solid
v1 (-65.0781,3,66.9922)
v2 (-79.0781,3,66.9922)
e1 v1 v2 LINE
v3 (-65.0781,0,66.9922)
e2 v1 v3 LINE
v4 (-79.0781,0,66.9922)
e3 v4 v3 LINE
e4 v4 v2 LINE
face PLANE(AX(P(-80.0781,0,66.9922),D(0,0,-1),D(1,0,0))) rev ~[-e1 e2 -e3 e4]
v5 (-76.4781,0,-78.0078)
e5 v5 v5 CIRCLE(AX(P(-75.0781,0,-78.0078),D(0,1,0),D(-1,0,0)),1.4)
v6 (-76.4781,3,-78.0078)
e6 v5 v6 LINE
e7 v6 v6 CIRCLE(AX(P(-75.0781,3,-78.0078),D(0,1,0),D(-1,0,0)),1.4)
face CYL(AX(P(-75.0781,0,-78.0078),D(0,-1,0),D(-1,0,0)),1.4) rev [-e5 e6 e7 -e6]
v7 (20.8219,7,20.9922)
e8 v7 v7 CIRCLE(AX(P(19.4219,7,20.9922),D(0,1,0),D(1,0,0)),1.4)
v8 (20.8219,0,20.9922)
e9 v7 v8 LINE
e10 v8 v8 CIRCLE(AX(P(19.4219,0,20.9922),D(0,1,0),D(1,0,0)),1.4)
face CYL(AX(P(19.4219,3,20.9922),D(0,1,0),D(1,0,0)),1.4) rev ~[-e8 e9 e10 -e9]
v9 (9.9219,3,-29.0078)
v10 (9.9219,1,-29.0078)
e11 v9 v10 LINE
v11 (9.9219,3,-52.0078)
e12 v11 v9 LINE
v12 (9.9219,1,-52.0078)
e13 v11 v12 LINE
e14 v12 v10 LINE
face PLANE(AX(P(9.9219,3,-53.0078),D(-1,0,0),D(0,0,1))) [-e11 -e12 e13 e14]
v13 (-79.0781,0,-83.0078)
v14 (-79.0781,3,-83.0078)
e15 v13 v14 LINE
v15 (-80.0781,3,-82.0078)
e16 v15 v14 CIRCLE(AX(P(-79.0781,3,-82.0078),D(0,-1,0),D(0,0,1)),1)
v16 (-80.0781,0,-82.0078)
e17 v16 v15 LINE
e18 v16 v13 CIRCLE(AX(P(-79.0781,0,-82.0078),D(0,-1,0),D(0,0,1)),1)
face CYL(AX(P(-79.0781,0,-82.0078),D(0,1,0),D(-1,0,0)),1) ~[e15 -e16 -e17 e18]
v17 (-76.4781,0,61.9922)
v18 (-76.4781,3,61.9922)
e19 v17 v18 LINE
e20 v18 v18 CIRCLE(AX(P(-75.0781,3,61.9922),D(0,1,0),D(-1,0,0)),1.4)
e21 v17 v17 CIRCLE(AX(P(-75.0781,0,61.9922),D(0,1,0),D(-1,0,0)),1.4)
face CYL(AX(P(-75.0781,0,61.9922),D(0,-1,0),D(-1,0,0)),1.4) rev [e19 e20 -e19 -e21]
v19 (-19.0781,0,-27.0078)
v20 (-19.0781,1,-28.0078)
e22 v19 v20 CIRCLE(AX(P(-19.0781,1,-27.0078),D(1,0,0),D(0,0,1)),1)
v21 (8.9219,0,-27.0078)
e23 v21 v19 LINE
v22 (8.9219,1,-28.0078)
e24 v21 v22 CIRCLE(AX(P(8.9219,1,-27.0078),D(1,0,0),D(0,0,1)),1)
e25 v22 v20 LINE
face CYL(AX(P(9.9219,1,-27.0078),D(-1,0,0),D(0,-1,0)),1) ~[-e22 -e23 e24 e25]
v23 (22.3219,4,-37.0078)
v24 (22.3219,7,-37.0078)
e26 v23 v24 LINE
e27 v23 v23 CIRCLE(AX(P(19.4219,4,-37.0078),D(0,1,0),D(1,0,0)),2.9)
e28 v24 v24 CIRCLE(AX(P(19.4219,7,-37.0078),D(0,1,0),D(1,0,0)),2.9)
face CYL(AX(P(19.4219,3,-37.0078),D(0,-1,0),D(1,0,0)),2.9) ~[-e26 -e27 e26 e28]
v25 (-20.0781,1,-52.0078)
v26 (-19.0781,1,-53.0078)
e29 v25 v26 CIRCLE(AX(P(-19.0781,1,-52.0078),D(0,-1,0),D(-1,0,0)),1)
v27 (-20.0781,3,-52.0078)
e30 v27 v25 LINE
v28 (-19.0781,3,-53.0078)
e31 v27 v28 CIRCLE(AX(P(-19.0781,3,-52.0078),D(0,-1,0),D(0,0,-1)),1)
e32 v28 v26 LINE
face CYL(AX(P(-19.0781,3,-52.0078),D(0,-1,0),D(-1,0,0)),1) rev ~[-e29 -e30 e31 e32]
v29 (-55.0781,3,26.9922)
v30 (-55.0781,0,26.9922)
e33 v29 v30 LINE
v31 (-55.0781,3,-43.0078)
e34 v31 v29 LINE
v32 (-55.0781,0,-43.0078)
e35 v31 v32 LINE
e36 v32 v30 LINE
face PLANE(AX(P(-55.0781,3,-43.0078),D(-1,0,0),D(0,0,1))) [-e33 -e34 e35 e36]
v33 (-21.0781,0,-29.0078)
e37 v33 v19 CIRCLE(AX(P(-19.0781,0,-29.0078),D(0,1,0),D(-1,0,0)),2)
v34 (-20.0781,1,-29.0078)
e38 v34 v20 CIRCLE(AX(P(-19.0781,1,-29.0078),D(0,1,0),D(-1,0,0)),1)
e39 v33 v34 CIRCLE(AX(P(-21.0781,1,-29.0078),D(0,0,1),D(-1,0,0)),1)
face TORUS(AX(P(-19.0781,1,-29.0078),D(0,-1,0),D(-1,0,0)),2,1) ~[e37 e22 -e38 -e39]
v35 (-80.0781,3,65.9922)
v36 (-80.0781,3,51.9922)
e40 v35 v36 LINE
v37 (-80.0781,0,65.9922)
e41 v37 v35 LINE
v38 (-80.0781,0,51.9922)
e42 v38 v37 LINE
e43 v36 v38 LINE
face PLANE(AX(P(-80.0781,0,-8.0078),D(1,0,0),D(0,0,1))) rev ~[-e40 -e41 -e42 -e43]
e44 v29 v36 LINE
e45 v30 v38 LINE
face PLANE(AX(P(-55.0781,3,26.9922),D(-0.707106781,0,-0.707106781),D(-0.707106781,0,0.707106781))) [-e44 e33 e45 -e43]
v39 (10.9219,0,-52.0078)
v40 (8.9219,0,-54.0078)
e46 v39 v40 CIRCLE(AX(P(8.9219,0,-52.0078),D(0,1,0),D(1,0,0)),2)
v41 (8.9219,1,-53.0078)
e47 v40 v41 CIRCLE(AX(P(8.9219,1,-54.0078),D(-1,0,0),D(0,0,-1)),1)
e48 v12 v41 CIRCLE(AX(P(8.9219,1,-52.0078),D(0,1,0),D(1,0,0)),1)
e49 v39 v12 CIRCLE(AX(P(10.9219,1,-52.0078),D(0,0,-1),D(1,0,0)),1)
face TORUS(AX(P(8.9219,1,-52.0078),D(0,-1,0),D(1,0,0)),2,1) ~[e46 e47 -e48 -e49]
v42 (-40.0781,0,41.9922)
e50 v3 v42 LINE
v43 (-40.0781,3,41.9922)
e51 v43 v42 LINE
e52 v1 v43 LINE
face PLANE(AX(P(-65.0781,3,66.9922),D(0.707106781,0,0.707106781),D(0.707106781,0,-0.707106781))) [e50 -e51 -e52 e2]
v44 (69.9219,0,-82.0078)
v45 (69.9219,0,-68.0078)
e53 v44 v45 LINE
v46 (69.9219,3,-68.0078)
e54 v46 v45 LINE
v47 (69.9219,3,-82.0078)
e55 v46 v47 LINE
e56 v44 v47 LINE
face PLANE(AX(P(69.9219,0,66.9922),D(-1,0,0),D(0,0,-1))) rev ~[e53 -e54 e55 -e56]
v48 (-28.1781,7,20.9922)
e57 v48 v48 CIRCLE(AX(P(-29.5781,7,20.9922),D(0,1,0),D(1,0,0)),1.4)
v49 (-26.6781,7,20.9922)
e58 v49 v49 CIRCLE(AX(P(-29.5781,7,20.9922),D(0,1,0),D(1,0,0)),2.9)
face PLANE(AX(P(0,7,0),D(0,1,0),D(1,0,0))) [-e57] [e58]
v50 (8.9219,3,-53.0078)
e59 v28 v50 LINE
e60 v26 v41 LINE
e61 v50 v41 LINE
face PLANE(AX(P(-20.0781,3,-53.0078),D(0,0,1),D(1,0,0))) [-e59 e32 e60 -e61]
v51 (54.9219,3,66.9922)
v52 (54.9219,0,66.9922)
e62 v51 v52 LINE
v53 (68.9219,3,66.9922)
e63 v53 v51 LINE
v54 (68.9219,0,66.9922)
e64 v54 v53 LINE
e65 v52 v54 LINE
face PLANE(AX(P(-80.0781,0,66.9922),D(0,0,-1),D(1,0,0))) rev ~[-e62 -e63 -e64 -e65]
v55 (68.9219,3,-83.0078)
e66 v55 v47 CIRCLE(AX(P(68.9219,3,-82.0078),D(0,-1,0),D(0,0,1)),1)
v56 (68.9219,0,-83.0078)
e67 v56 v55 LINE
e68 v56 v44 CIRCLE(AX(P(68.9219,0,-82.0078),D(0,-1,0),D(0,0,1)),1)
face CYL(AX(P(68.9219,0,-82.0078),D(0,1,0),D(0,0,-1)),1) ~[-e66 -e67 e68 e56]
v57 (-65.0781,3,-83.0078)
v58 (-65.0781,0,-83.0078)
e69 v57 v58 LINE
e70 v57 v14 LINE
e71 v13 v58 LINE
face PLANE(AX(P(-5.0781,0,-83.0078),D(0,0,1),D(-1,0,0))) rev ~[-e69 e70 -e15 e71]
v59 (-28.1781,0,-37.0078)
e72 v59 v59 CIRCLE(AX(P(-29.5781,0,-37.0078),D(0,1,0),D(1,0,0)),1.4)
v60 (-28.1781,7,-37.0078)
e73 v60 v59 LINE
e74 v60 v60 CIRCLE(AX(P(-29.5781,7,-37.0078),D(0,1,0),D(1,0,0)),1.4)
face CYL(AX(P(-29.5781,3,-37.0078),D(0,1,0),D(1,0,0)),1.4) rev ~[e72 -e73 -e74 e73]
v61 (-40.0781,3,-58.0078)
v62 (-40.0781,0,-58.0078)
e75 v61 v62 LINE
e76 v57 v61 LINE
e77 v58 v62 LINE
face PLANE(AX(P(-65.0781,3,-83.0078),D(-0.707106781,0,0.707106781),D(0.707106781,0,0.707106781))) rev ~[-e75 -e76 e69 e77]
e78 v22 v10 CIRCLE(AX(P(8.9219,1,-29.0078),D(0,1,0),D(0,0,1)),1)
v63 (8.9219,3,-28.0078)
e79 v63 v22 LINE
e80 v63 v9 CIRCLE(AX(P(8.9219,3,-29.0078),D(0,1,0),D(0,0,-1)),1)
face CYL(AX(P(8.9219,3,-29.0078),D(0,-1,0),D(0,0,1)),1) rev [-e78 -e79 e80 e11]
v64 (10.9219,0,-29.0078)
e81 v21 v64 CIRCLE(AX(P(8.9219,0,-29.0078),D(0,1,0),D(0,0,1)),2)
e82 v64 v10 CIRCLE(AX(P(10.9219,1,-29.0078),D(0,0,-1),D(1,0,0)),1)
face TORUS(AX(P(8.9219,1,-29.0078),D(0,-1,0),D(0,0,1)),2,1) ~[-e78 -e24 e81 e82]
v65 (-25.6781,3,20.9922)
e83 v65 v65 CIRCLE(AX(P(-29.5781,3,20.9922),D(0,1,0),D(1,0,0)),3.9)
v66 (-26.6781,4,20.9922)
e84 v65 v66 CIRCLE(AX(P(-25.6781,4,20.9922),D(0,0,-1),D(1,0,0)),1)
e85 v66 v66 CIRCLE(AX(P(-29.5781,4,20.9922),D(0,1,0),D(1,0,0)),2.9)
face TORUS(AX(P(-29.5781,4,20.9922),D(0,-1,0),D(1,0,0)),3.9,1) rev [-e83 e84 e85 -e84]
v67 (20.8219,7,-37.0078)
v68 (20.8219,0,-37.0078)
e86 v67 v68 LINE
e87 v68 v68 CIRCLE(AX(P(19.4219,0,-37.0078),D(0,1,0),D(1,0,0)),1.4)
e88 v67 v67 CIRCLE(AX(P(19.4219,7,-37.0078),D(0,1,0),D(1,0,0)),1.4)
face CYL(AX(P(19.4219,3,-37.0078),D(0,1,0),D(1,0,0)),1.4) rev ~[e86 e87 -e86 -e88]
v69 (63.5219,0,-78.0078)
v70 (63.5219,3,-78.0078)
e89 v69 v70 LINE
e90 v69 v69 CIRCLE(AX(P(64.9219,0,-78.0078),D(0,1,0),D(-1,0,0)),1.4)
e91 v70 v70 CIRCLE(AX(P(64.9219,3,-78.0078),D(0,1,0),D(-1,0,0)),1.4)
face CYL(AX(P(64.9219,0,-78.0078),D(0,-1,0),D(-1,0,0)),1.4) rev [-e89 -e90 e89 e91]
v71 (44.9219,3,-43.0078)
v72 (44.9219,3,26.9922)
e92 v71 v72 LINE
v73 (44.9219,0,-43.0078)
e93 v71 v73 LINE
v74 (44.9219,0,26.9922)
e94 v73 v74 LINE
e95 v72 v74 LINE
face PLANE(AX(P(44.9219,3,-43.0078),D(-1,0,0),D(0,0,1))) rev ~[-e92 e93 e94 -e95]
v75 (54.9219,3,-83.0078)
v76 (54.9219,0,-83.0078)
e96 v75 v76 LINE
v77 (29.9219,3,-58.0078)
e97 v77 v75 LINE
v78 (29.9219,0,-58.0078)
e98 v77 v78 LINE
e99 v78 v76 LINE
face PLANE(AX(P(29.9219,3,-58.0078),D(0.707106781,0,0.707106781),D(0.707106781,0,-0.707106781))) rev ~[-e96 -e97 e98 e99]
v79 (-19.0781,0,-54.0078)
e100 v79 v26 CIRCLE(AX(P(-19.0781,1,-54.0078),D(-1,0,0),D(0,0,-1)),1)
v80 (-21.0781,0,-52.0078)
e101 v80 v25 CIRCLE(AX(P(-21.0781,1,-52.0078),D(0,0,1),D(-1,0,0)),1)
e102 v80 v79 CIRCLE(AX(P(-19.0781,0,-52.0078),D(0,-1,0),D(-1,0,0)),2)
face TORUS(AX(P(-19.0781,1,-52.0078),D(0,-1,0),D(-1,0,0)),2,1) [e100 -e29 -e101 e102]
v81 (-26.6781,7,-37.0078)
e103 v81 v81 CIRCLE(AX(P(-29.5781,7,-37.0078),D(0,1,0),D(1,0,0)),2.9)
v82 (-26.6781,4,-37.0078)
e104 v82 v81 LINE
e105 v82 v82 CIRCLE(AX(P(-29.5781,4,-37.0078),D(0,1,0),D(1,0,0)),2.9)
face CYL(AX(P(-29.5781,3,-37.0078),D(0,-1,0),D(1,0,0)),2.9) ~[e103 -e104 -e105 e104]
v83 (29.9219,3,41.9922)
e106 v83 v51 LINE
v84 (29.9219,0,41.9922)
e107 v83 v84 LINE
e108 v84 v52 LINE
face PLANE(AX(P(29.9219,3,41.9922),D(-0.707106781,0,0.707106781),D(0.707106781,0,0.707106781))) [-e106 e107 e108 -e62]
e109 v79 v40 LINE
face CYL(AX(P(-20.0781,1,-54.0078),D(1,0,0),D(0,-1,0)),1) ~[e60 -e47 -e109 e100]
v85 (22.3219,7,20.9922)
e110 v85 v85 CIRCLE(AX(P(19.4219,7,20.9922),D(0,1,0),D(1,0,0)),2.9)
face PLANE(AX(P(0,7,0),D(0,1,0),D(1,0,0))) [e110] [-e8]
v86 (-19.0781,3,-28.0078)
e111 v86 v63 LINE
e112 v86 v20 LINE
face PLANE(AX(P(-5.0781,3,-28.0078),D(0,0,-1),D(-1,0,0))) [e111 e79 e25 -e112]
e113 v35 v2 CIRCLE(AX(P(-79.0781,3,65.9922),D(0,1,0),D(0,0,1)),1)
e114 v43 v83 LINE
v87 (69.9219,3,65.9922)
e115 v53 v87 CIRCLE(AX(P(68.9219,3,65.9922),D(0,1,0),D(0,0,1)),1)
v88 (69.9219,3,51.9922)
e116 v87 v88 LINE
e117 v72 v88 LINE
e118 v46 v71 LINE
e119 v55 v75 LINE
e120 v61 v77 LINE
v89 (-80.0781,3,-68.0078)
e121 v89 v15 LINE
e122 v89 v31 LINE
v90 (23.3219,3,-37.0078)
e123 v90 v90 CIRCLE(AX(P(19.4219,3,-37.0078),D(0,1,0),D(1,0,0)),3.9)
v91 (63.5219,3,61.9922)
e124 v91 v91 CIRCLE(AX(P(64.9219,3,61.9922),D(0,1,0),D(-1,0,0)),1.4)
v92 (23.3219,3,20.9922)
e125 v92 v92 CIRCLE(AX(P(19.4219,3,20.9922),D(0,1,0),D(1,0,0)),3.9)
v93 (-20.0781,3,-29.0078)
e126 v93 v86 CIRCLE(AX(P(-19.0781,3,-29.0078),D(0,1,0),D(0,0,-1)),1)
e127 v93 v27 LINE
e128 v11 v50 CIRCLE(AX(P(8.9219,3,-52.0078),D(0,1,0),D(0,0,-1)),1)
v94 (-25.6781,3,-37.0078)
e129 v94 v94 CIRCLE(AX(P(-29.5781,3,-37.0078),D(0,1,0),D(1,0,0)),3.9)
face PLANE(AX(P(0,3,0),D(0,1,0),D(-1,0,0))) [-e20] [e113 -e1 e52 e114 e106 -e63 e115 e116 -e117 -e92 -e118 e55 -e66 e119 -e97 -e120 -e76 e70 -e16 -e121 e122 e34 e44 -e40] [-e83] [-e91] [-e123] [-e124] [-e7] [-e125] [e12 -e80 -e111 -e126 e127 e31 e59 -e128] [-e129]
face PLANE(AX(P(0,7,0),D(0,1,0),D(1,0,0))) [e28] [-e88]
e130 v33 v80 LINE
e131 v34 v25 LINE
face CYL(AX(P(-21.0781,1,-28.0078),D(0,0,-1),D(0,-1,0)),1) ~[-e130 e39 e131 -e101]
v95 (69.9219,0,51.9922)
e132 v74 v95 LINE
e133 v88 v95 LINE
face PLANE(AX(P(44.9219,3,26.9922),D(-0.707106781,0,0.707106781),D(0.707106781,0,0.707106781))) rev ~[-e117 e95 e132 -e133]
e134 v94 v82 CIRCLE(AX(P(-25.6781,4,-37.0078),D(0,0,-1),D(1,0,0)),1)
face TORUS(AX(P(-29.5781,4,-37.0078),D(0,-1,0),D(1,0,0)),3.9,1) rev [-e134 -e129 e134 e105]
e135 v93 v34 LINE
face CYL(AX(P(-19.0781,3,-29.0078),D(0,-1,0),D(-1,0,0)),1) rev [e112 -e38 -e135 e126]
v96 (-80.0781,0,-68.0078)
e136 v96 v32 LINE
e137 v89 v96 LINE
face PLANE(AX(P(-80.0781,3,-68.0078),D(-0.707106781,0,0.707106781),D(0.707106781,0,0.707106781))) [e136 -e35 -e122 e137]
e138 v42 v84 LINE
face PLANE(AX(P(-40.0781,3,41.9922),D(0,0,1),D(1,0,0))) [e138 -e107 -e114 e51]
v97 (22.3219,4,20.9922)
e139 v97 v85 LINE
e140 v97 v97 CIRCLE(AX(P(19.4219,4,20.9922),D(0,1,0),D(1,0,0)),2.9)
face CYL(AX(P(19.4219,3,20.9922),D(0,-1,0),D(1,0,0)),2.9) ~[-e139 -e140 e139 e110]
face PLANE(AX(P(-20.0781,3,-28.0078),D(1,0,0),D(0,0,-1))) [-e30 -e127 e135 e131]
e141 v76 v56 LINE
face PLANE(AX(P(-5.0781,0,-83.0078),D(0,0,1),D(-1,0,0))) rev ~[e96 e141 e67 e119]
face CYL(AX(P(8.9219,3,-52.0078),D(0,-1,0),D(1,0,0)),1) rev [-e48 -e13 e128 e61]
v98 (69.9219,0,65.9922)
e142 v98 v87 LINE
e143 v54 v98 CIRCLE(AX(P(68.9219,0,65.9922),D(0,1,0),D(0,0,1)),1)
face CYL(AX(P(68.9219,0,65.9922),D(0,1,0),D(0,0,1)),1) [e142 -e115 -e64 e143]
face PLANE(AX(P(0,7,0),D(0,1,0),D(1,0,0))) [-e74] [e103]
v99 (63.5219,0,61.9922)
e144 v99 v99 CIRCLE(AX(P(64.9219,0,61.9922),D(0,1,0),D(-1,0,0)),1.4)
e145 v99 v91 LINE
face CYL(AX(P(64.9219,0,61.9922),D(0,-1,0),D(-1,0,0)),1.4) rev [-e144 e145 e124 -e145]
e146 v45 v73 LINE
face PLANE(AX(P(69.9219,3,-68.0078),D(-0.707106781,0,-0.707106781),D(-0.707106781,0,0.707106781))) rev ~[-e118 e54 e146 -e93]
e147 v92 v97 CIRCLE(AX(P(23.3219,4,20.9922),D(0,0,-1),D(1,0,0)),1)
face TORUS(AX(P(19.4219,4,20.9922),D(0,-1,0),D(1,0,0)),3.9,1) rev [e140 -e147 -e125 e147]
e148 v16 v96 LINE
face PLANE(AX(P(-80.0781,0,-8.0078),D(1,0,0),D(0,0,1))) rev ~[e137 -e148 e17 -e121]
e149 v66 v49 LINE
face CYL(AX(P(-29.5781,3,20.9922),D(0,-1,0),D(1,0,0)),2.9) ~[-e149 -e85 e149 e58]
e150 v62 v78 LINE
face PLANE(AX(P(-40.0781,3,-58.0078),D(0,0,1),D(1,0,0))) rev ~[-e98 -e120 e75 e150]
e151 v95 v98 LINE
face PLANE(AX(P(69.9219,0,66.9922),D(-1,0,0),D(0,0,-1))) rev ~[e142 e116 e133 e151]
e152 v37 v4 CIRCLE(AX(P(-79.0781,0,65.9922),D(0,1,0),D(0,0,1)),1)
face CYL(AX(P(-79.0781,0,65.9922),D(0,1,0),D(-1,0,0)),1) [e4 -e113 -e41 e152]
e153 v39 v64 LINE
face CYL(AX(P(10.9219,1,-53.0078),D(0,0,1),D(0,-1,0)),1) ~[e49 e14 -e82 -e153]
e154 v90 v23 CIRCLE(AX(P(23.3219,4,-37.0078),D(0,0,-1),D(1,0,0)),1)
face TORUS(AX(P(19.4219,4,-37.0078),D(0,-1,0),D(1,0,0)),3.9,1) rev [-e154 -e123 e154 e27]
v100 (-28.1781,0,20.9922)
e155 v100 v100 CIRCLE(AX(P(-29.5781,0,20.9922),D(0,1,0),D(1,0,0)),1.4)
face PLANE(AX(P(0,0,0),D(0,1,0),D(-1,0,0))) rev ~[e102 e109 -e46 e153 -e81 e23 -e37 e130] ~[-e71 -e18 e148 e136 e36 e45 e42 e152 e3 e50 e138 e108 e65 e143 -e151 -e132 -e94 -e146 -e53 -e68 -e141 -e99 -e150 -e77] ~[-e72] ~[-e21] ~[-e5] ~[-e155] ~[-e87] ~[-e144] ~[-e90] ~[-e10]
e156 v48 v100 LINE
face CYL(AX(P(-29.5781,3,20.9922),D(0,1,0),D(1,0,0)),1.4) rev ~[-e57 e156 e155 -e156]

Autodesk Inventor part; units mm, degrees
ref_plane "YZ Plane" through (0, 0, 0) normal (1, 0, 0) x (0, 1, 0)
ref_plane "XZ Plane" through (0, 0, 0) normal (0, 1, 0) x (-1, 0, 0)
ref_plane "XY Plane" through (0, 0, 0) normal (0, 0, 1) x (1, 0, 0)
sketch "Sketch1" plane through (0, 0, 0) normal (0, 1, 0) x (-1, 0, 0)
  line L0 (80.0781, 66.9922) -> (-69.9219, 66.9922)
  line L1 (-69.9219, 66.9922) -> (-69.9219, -83.0078)
  line L2 (-69.9219, -83.0078) -> (80.0781, -83.0078)
  line L3 (80.0781, -83.0078) -> (80.0781, 66.9922)
  circle A0 centre (75.0781, -78.0078) radius 1.4
  line L4 (80.0781, -8.0078) -> (-69.9219, -8.0078)
  line L5 (5.0781, -83.0078) -> (5.0781, 66.9922)
  circle A1 centre (-64.9219, -78.0078) radius 1.4
  line L6 (-69.9219, -8.0078) -> (80.0781, -8.0078)
  circle A2 centre (75.0781, 61.9922) radius 1.4
  circle A3 centre (-64.9219, 61.9922) radius 1.4
  point P0 (0, 0)
  dimension "d0" = 150
  dimension "d1" = 150
  dimension "d4" = 2.8
  dimension "d8" = 5
  dimension "d9" = 5
extrude "Extrusion1" add sketch "Sketch1" along normal blind 3
sketch "Sketch2" plane through (0, 3, 0) normal (0, 1, 0) x (1, 0, 0)
  line L0 (-29.5781, 37.0078) -> (19.4219, 37.0078)
  line L1 (19.4219, 37.0078) -> (19.4219, -20.9922)
  line L2 (19.4219, -20.9922) -> (-29.5781, -20.9922)
  line L3 (-29.5781, -20.9922) -> (-29.5781, 37.0078)
  line L4 (-5.0781, 37.0078) -> (-5.0781, -20.9922)
  line L5 (19.4219, 8.0078) -> (-29.5781, 8.0078)
  line L6 (69.9219, 83.0078) -> (-80.0781, 83.0078) projected
  line L7 (69.9219, -66.9922) -> (69.9219, 83.0078) projected
  circle A0 centre (-29.5781, 37.0078) radius 1.4
  circle A1 centre (19.4219, 37.0078) radius 1.4
  circle A2 centre (-29.5781, -20.9922) radius 1.4
  circle A3 centre (19.4219, -20.9922) radius 1.4
  line L8 (-80.0781, 83.0078) -> (-80.0781, -66.9922) projected
  line L9 (-80.0781, 68.0078) -> (-55.0781, 43.0078)
  line L10 (-55.0781, 43.0078) -> (-55.0781, -26.9922)
  line L11 (-55.0781, -26.9922) -> (-80.0781, -51.9922)
  line L12 (-80.0781, -66.9922) -> (69.9219, -66.9922) projected
  line L13 (69.9219, 68.0078) -> (44.9219, 43.0078)
  line L14 (44.9219, 43.0078) -> (44.9219, -26.9922)
  line L15 (44.9219, -26.9922) -> (69.9219, -51.9922)
  line L16 (-65.0781, 83.0078) -> (-40.0781, 58.0078)
  line L17 (-40.0781, 58.0078) -> (29.9219, 58.0078)
  line L18 (29.9219, 58.0078) -> (54.9219, 83.0078)
  line L19 (-65.0781, -66.9922) -> (-40.0781, -41.9922)
  line L20 (-40.0781, -41.9922) -> (29.9219, -41.9922)
  line L21 (29.9219, -41.9922) -> (54.9219, -66.9922)
  point P0 (0, 0)
  dimension "d10" = 58
  dimension "d11" = 49
  dimension "d12" = 75
  dimension "d13" = 75
  dimension "d14" = 2.8
  dimension "d15" = 2.8
  dimension "d16" = 2.8
  dimension "d17" = 2.8
  dimension "d18" = 15
  dimension "d19" = 15
  dimension "d20" = 25
  dimension "d21" = 25
  dimension "d22" = 25
  dimension "d23" = 25
  dimension "d24" = 25
extrude "Extrusion2" cut sketch "Sketch2" against normal through all contours L3 A0 L0 | L0 A0 L3 | A1 L1 L0 | L0 L1 A1 | A2 L2 L3 | L3 L2 A2 | A3 L1 L2 | L2 L1 A3 | L18 L17 L16 L6 | L7 L15 L14 L13 | L9 L10 L11 L8 | L12 L19 L20 L21
sketch "Sketch3" plane through (0, 3, 0) normal (0, 1, 0) x (1, 0, 0)
  line L0 (-20.0781, 53.0078) -> (9.9219, 53.0078)
  line L1 (9.9219, 53.0078) -> (9.9219, 28.0078)
  line L2 (9.9219, 28.0078) -> (-20.0781, 28.0078)
  line L3 (-20.0781, 28.0078) -> (-20.0781, 53.0078)
  line L4 (29.9219, 58.0078) -> (-40.0781, 58.0078) projected
  line L5 (-5.0781, 53.0078) -> (-5.0781, 28.0078)
  line L6 (44.9219, -26.9922) -> (44.9219, 43.0078) projected
  point P0 (0, 0)
  dimension "d27" = 30
  dimension "d28" = 25
  dimension "d29" = 5
  dimension "d44" = 50
extrude "Extrusion3" cut sketch "Sketch3" against normal through all
fillet "Fillet1" radius 1 8 edges at (-20.0781, 1.5, -28.0078) (-20.0781, 0, -40.5078) (-5.0781, 0, -28.0078) (9.9219, 0, -40.5078) (-5.0781, 0, -53.0078) (9.9219, 1.5, -53.0078) (9.9219, 1.5, -28.0078) (-20.0781, 1.5, -53.0078)
sketch "Sketch4" plane through (0, 3, 0) normal (0, 1, 0) x (1, 0, 0)
  circle A0 centre (-29.5781, 37.0078) radius 2.9
  circle A1 centre (19.4219, 37.0078) radius 2.9
  circle A2 centre (19.4219, -20.9922) radius 2.9
  circle A3 centre (-29.5781, -20.9922) radius 2.9
  circle A4 centre (-29.5781, 37.0078) radius 1.3
  circle A5 centre (19.4219, 37.0078) radius 1.3
  circle A6 centre (19.4219, -20.9922) radius 1.3
  circle A7 centre (-29.5781, -20.9922) radius 1.3
  point P0 (0, 0)
  dimension "d33" = 5.8
  dimension "d34" = 5.8
  dimension "d35" = 5.8
  dimension "d36" = 5.8
extrude "Extrusion4" add sketch "Sketch4" along normal blind 4 contours A0 | A1 | A2 | A3 | A4 | A5 | A6 | A7
sketch "Sketch5" plane through (-29.5781, 7, -37.0078) normal (0, 1, 0) x (1, 0, 0)
  circle A0 centre (0, 0) radius 1.4 projected
  circle A1 centre (0, 0) radius 1.3
  circle A2 centre (49, 0) radius 1.4 projected
  circle A3 centre (49, 0) radius 1.3
  circle A4 centre (49, -58) radius 1.4 projected
  circle A5 centre (49, -58) radius 1.3
  circle A6 centre (0, -58) radius 1.4 projected
  circle A7 centre (0, -58) radius 1.3
  point P0 (29.5781, -37.0078)
extrude "Extrusion5" cut sketch "Sketch5" against normal through all contours A0 | A1 | A2 | A3 | A4 | A5 | A6 | A7
fillet "Fillet2" radius 1 4 edges at (-32.4781, 3, -37.0078) (-32.4781, 3, 20.9922) (16.5219, 3, 20.9922) (16.5219, 3, -37.0078)
fillet "Fillet3" radius 1 4 edges at (-80.0781, 1.5, 66.9922) (-80.0781, 1.5, -83.0078) (69.9219, 1.5, 66.9922) (69.9219, 1.5, -83.0078)
properties part number "pi_base"
